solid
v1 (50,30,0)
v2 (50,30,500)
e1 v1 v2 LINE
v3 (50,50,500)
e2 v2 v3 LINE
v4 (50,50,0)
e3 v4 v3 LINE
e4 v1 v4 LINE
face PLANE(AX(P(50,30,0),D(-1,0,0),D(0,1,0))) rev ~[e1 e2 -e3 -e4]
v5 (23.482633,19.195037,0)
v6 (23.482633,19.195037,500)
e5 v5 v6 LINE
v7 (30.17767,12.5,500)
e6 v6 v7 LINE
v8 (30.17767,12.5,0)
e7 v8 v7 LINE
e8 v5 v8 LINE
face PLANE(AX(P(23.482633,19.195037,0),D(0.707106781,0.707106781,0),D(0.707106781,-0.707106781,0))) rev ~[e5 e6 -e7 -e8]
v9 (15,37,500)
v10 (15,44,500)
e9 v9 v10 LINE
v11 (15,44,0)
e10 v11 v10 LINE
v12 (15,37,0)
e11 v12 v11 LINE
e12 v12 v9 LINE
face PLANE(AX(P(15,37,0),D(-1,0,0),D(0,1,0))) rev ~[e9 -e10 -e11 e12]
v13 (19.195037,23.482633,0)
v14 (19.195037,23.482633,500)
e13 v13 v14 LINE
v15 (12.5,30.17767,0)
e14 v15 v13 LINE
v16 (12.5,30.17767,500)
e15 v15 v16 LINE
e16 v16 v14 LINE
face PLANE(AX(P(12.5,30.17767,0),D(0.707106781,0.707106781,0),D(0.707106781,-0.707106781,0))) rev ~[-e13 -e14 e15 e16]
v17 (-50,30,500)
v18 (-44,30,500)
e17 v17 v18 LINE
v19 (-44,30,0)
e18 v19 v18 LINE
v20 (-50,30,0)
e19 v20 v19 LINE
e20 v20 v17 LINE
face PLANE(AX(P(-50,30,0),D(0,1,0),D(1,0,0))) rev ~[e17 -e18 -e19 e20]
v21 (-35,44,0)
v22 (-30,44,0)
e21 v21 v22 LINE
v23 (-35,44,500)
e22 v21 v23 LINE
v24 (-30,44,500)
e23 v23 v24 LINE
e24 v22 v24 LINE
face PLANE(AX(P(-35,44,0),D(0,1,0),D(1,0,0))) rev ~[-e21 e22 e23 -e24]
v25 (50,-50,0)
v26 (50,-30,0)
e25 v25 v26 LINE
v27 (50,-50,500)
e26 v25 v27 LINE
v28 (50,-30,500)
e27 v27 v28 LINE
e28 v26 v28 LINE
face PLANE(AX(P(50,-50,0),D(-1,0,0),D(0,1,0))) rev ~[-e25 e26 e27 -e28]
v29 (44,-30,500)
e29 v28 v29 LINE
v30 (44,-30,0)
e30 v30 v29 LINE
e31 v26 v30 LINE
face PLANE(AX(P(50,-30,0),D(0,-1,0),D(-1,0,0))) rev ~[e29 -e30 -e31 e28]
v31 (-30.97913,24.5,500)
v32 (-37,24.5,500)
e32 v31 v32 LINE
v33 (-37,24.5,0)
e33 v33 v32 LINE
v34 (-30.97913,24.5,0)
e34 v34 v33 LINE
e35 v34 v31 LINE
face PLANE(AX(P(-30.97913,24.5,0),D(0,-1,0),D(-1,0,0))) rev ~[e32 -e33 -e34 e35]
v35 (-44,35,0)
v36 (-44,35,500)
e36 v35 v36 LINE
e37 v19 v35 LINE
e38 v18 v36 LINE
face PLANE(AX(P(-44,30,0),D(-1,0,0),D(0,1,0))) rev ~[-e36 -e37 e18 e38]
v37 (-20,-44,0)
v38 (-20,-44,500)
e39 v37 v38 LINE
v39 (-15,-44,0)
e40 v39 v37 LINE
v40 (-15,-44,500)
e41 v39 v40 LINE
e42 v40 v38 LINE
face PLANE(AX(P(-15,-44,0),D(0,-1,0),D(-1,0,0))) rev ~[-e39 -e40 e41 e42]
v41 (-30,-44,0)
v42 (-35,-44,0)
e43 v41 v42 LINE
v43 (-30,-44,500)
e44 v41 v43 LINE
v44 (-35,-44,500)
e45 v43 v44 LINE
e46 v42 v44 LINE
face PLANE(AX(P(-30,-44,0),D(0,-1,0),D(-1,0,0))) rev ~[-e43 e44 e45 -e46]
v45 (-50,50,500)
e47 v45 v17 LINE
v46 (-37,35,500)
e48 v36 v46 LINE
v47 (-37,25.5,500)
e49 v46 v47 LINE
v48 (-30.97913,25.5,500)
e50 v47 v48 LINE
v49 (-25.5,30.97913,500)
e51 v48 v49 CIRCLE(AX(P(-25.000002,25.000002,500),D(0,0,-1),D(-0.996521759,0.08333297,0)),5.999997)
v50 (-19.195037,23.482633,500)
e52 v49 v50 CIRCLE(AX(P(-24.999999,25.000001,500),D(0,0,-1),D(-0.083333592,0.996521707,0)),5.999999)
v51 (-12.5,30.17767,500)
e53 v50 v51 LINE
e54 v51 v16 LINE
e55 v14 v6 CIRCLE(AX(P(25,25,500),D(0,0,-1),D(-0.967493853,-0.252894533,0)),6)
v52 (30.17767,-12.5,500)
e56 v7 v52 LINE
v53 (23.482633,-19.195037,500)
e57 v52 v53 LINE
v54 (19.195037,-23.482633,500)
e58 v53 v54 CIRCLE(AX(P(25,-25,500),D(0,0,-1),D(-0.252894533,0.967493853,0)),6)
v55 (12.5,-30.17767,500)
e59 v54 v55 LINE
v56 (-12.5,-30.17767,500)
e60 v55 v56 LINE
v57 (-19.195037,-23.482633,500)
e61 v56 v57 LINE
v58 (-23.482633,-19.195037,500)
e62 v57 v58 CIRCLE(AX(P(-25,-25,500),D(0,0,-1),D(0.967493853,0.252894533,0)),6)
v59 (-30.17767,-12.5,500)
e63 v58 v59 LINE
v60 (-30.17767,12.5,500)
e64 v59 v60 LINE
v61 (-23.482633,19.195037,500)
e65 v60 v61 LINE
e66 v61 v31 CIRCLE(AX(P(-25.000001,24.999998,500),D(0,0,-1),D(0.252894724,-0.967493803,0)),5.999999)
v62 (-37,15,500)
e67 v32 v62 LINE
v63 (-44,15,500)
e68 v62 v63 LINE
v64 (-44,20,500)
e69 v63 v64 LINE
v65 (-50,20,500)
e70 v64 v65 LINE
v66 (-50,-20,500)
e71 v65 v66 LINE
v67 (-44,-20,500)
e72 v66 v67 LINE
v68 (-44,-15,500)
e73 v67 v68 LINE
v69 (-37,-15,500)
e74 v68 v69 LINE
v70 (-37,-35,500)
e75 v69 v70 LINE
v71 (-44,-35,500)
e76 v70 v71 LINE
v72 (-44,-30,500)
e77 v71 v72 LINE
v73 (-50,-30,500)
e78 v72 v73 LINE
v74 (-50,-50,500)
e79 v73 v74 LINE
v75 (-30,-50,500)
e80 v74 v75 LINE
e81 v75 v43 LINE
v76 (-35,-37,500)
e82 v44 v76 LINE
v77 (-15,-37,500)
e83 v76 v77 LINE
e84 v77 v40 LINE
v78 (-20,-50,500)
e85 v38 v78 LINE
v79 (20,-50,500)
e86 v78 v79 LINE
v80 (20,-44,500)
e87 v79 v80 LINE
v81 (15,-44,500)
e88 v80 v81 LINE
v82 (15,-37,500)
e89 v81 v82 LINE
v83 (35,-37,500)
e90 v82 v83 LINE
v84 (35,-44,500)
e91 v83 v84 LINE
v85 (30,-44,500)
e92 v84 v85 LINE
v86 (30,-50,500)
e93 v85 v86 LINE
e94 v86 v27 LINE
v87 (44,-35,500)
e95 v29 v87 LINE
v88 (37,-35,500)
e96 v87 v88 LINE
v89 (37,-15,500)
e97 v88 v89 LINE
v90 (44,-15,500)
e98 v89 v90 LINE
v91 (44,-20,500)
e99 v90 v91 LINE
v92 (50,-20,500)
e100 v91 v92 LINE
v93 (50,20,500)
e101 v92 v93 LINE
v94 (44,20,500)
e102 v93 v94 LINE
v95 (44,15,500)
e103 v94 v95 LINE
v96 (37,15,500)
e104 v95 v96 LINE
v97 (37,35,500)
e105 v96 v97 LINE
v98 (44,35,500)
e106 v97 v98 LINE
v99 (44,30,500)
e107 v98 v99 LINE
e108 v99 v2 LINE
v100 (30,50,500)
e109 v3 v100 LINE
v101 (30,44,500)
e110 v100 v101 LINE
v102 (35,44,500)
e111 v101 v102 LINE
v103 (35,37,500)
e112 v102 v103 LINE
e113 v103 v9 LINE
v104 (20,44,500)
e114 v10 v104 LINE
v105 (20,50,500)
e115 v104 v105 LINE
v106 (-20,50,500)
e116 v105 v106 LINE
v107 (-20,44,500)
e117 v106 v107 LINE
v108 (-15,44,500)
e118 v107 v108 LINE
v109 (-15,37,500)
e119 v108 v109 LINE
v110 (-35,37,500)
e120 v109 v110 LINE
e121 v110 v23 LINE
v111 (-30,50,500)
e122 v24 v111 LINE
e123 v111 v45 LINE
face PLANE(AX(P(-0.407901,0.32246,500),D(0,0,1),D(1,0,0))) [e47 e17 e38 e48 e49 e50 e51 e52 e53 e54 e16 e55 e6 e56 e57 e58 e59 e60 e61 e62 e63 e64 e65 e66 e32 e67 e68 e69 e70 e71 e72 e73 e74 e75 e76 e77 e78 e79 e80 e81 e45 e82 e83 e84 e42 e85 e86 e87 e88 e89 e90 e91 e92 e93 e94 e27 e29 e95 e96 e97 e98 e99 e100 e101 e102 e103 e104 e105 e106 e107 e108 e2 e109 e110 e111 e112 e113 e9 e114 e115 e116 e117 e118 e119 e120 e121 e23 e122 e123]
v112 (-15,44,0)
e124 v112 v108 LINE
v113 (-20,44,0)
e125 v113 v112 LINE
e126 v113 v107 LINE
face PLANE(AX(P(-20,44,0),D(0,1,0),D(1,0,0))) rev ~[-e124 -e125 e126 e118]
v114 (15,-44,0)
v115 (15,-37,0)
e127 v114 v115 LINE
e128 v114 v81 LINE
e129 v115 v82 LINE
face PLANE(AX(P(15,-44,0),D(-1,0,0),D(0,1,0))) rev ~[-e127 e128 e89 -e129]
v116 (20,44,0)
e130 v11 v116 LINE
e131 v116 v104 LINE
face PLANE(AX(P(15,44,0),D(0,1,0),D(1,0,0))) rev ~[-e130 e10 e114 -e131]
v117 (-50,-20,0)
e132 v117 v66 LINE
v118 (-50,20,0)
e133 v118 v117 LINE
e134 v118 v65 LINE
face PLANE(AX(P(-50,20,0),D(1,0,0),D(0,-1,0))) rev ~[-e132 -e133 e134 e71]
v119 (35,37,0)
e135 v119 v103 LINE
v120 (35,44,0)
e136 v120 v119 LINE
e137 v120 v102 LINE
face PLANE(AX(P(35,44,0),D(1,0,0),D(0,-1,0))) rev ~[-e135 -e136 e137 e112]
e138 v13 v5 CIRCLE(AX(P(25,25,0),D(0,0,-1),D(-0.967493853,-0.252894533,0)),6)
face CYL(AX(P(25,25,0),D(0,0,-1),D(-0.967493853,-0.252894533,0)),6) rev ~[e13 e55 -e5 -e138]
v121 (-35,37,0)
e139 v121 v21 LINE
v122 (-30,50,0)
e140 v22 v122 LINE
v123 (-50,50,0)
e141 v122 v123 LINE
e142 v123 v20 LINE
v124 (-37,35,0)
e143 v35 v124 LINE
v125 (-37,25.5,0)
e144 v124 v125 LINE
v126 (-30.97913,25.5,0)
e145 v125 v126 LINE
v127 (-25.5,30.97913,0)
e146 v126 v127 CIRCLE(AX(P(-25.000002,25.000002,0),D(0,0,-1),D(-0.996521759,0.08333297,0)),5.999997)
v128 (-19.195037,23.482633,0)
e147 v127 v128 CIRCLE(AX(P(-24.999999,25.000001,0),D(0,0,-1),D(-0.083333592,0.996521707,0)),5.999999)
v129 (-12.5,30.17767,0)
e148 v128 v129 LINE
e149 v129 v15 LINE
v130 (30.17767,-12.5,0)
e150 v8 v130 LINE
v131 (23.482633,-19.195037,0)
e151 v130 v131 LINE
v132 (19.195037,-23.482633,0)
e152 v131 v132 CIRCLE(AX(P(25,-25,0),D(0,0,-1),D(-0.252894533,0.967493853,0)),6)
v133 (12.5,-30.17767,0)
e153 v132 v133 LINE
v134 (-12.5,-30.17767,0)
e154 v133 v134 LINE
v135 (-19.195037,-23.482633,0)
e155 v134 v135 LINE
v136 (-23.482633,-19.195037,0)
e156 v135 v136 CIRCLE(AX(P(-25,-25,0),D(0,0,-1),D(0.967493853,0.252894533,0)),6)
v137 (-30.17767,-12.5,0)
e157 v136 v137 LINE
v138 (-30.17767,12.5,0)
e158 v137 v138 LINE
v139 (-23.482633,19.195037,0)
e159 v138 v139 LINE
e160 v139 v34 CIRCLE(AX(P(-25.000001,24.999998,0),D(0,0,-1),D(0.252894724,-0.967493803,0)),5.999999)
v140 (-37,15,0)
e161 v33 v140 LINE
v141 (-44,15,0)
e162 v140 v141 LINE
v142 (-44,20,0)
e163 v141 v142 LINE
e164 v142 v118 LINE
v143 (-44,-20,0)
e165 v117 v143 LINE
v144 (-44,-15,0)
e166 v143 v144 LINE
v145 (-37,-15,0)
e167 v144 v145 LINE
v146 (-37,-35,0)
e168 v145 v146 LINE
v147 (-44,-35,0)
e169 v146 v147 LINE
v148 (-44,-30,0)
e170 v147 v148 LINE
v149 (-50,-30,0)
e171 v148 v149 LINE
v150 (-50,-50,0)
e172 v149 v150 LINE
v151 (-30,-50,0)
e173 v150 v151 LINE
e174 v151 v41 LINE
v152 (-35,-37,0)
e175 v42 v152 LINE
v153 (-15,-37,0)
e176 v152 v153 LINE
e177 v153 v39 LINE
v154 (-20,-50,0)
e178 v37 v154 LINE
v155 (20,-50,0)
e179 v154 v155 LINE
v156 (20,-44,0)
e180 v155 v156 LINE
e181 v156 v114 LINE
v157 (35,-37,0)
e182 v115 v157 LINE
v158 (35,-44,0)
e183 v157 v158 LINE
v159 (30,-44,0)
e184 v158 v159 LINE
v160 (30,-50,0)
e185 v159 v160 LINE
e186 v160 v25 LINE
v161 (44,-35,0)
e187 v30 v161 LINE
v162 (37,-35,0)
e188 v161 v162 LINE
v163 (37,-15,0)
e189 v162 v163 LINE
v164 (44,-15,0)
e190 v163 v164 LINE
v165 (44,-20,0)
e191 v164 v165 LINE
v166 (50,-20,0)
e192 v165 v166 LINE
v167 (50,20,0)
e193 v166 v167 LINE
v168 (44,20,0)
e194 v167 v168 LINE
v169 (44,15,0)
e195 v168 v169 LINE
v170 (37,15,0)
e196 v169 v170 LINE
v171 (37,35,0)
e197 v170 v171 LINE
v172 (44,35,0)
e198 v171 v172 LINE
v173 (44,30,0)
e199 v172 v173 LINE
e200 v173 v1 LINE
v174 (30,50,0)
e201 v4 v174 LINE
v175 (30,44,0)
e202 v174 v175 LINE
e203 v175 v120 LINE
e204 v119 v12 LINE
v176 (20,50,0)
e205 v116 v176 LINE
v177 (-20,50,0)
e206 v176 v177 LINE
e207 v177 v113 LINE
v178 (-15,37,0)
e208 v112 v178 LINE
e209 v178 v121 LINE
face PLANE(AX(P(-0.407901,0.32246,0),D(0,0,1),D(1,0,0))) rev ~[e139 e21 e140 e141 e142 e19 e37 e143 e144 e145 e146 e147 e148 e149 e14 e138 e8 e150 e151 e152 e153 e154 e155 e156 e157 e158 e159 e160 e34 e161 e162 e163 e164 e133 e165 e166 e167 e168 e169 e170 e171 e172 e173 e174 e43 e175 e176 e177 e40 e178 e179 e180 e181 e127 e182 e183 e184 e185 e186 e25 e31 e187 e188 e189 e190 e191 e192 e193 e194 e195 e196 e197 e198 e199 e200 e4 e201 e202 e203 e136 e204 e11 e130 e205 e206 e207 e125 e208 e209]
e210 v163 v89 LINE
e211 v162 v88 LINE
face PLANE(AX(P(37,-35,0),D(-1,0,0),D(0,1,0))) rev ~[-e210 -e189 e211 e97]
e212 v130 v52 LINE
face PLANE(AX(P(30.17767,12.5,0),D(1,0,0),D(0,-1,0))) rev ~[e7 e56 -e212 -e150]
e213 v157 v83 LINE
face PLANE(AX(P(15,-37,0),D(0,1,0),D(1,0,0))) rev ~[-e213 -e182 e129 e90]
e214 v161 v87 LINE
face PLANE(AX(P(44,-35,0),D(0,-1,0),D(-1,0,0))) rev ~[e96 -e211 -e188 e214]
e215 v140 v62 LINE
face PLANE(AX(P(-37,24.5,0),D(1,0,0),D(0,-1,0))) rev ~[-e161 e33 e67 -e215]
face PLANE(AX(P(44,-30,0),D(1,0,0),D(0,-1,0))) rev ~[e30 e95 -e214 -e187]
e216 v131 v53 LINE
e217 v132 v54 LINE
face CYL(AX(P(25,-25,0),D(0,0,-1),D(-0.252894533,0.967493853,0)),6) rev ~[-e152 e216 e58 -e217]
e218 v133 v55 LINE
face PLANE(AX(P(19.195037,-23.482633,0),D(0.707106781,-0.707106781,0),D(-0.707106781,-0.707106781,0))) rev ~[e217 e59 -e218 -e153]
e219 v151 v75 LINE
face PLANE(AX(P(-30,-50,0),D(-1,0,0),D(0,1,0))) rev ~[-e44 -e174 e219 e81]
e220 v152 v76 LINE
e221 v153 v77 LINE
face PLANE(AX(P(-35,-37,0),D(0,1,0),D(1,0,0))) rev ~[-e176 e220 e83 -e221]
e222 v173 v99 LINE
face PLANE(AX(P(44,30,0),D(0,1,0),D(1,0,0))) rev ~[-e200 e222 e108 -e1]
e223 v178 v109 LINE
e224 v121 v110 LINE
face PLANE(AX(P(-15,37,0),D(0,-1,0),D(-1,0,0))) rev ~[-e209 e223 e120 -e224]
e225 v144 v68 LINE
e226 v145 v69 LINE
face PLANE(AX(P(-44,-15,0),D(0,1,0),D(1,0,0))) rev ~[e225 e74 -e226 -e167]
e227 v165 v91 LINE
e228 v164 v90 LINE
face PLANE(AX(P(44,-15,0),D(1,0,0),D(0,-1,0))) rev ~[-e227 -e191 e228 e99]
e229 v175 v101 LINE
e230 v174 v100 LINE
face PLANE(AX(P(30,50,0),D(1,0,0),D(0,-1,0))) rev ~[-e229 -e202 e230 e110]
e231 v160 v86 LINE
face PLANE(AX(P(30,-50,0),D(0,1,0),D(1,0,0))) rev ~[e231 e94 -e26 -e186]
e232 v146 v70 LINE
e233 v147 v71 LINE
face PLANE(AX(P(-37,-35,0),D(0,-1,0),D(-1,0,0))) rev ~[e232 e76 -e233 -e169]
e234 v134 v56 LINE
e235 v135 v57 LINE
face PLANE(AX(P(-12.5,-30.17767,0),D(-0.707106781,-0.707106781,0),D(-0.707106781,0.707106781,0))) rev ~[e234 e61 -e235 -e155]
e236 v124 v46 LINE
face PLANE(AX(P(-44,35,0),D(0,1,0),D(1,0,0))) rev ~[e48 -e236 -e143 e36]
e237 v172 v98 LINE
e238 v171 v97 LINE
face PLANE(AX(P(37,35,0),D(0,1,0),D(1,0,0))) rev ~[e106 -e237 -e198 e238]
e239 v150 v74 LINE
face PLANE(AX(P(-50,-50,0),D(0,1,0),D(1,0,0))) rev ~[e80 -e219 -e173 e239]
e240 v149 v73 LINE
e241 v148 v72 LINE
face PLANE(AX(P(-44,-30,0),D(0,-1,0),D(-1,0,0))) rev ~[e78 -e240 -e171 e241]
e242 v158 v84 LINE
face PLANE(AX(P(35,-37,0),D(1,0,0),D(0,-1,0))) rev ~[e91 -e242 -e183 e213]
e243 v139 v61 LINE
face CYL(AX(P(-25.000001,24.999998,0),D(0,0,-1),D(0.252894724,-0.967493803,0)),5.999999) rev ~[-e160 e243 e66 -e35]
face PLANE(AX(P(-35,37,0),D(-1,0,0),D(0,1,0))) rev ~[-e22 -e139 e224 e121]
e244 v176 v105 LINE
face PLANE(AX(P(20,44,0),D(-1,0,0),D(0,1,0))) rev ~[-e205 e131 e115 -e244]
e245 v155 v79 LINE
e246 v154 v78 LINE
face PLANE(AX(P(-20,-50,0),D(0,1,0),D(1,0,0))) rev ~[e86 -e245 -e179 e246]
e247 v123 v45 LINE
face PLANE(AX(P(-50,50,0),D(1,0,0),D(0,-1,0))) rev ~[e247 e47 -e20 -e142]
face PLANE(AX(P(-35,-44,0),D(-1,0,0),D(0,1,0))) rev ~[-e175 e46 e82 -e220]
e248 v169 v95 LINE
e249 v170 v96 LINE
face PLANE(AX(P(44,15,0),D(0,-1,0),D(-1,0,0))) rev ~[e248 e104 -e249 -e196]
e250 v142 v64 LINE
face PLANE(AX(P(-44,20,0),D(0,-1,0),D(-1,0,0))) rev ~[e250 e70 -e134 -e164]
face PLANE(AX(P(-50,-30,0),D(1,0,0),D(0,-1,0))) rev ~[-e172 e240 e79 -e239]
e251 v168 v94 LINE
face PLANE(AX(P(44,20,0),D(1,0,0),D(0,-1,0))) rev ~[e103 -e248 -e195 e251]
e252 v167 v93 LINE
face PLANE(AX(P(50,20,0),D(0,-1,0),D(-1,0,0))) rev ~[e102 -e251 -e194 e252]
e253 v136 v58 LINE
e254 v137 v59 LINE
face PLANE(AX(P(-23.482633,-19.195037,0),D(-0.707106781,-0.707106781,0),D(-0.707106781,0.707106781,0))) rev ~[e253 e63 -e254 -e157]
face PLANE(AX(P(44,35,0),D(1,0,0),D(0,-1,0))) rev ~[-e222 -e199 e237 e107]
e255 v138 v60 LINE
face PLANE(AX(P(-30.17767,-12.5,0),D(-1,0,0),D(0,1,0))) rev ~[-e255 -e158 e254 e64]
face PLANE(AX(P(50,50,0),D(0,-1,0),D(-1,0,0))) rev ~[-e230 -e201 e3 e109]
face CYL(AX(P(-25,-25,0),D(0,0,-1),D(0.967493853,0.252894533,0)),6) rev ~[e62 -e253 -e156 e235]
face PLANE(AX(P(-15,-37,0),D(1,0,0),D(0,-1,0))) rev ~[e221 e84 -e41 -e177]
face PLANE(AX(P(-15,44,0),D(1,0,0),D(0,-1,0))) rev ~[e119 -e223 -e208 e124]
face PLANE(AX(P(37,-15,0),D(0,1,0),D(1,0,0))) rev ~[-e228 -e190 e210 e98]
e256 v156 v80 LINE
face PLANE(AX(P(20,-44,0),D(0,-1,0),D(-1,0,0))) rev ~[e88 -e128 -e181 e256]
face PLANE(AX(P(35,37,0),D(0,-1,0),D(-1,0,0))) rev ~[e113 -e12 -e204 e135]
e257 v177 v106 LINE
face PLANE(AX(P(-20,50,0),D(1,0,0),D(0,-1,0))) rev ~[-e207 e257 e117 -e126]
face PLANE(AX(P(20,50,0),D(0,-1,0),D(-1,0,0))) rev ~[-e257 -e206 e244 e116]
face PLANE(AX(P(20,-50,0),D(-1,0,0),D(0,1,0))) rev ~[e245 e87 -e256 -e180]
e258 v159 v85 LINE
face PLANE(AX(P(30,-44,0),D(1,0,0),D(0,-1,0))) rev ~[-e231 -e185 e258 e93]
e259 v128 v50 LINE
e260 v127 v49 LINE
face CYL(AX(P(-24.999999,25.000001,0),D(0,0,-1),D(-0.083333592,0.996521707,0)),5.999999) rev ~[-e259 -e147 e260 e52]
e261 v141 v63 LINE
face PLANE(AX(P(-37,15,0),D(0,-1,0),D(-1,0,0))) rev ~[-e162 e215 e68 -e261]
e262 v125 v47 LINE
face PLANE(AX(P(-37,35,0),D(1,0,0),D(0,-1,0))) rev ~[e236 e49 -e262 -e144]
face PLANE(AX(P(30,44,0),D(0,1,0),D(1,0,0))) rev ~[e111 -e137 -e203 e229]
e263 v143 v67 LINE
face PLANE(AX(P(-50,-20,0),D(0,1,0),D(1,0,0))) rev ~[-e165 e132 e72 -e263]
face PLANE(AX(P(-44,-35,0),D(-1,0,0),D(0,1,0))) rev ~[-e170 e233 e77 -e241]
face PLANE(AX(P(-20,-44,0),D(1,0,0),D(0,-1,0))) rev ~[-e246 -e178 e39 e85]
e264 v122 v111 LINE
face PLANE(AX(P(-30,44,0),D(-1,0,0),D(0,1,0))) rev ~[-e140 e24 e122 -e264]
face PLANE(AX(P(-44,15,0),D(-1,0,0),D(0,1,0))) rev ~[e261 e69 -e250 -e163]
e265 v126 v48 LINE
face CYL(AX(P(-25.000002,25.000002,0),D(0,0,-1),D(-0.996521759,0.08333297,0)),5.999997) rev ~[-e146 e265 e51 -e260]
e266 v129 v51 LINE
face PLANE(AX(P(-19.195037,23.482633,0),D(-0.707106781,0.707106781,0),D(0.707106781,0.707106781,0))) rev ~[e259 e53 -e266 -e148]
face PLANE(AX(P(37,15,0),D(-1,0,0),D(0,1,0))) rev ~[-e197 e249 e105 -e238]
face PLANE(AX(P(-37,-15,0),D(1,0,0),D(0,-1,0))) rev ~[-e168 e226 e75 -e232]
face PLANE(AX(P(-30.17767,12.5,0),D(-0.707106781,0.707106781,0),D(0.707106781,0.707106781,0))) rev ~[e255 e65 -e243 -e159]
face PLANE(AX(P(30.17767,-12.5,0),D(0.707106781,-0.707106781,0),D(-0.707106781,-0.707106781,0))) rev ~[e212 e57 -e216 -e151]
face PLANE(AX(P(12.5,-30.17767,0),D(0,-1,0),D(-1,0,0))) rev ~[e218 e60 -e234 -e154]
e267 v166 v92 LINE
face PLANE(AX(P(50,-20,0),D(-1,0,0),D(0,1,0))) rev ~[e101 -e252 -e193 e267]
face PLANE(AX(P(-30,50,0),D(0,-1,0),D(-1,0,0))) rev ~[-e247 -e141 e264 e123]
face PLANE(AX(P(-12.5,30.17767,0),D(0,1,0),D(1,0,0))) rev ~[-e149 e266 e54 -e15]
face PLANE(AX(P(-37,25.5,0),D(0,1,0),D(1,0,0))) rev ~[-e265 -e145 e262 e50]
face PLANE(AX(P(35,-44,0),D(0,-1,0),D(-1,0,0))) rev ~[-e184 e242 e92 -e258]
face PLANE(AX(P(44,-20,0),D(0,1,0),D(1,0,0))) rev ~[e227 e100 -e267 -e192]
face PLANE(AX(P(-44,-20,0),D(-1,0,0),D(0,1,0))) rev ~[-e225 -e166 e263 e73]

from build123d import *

# Parameters (mm, degrees)
F1_DEPTH = 500


with BuildPart() as f1:
    # F0 (on Top) → F1 (new body)
    with BuildSketch(Plane.XY):
        with BuildLine():
            Line((-30, 50), (-50, 50))
            Line((-50, 50), (-50, 30))
            Line((-50, 30), (-44, 30))
            Line((-44, 30), (-44, 35))
            Line((-44, 35), (-37, 35))
            Line((-37, 35), (-37, 25.5))
            Line((-37, 25.5), (-30.97913, 25.5))
            ThreePointArc((-30.97913, 25.5), (-29.242641, 29.242641), (-25.5, 30.97913))
            ThreePointArc((-25.5, 30.97913), (-20.408156, 28.861991), (-19.195037, 23.482633))
            Line((-19.195037, 23.482633), (-12.5, 30.17767))
            Line((-12.5, 30.17767), (12.5, 30.17767))
            Line((12.5, 30.17767), (19.195037, 23.482633))
            ThreePointArc((19.195037, 23.482633), (29.242641, 29.242641), (23.482633, 19.195037))
            Line((23.482633, 19.195037), (30.17767, 12.5))
            Line((30.17767, 12.5), (30.17767, -12.5))
            Line((30.17767, -12.5), (23.482633, -19.195037))
            ThreePointArc((23.482633, -19.195037), (29.242641, -29.242641), (19.195037, -23.482633))
            Line((19.195037, -23.482633), (12.5, -30.17767))
            Line((12.5, -30.17767), (-12.5, -30.17767))
            Line((-12.5, -30.17767), (-19.195037, -23.482633))
            ThreePointArc((-19.195037, -23.482633), (-29.242641, -29.242641), (-23.482633, -19.195037))
            Line((-23.482633, -19.195037), (-30.17767, -12.5))
            Line((-30.17767, -12.5), (-30.17767, 12.5))
            Line((-30.17767, 12.5), (-23.482633, 19.195037))
            ThreePointArc((-23.482633, 19.195037), (-28.465904, 20.102295), (-30.97913, 24.5))
            Line((-30.97913, 24.5), (-37, 24.5))
            Line((-37, 24.5), (-37, 15))
            Line((-37, 15), (-44, 15))
            Line((-44, 15), (-44, 20))
            Line((-44, 20), (-50, 20))
            Line((-50, 20), (-50, -20))
            Line((-50, -20), (-44, -20))
            Line((-44, -20), (-44, -15))
            Line((-44, -15), (-37, -15))
            Line((-37, -15), (-37, -35))
            Line((-37, -35), (-44, -35))
            Line((-44, -35), (-44, -30))
            Line((-44, -30), (-50, -30))
            Line((-50, -30), (-50, -50))
            Line((-50, -50), (-30, -50))
            Line((-30, -50), (-30, -44))
            Line((-30, -44), (-35, -44))
            Line((-35, -44), (-35, -37))
            Line((-35, -37), (-15, -37))
            Line((-15, -37), (-15, -44))
            Line((-15, -44), (-20, -44))
            Line((-20, -44), (-20, -50))
            Line((-20, -50), (20, -50))
            Line((20, -50), (20, -44))
            Line((20, -44), (15, -44))
            Line((15, -44), (15, -37))
            Line((15, -37), (35, -37))
            Line((35, -37), (35, -44))
            Line((35, -44), (30, -44))
            Line((30, -44), (30, -50))
            Line((30, -50), (50, -50))
            Line((50, -50), (50, -30))
            Line((50, -30), (44, -30))
            Line((44, -30), (44, -35))
            Line((44, -35), (37, -35))
            Line((37, -35), (37, -15))
            Line((37, -15), (44, -15))
            Line((44, -15), (44, -20))
            Line((44, -20), (50, -20))
            Line((50, -20), (50, 20))
            Line((50, 20), (44, 20))
            Line((44, 20), (44, 15))
            Line((44, 15), (37, 15))
            Line((37, 15), (37, 35))
            Line((37, 35), (44, 35))
            Line((44, 35), (44, 30))
            Line((44, 30), (50, 30))
            Line((50, 30), (50, 50))
            Line((50, 50), (30, 50))
            Line((30, 50), (30, 44))
            Line((30, 44), (35, 44))
            Line((35, 44), (35, 37))
            Line((35, 37), (15, 37))
            Line((15, 37), (15, 44))
            Line((15, 44), (20, 44))
            Line((20, 44), (20, 50))
            Line((20, 50), (-20, 50))
            Line((-20, 50), (-20, 44))
            Line((-20, 44), (-15, 44))
            Line((-15, 44), (-15, 37))
            Line((-15, 37), (-25.5, 37))
            Line((-25.5, 37), (-35, 37))
            Line((-35, 37), (-35, 44))
            Line((-35, 44), (-30, 44))
            Line((-30, 44), (-30, 50))
        make_face()
    extrude(amount=F1_DEPTH)


solid = f1.part
